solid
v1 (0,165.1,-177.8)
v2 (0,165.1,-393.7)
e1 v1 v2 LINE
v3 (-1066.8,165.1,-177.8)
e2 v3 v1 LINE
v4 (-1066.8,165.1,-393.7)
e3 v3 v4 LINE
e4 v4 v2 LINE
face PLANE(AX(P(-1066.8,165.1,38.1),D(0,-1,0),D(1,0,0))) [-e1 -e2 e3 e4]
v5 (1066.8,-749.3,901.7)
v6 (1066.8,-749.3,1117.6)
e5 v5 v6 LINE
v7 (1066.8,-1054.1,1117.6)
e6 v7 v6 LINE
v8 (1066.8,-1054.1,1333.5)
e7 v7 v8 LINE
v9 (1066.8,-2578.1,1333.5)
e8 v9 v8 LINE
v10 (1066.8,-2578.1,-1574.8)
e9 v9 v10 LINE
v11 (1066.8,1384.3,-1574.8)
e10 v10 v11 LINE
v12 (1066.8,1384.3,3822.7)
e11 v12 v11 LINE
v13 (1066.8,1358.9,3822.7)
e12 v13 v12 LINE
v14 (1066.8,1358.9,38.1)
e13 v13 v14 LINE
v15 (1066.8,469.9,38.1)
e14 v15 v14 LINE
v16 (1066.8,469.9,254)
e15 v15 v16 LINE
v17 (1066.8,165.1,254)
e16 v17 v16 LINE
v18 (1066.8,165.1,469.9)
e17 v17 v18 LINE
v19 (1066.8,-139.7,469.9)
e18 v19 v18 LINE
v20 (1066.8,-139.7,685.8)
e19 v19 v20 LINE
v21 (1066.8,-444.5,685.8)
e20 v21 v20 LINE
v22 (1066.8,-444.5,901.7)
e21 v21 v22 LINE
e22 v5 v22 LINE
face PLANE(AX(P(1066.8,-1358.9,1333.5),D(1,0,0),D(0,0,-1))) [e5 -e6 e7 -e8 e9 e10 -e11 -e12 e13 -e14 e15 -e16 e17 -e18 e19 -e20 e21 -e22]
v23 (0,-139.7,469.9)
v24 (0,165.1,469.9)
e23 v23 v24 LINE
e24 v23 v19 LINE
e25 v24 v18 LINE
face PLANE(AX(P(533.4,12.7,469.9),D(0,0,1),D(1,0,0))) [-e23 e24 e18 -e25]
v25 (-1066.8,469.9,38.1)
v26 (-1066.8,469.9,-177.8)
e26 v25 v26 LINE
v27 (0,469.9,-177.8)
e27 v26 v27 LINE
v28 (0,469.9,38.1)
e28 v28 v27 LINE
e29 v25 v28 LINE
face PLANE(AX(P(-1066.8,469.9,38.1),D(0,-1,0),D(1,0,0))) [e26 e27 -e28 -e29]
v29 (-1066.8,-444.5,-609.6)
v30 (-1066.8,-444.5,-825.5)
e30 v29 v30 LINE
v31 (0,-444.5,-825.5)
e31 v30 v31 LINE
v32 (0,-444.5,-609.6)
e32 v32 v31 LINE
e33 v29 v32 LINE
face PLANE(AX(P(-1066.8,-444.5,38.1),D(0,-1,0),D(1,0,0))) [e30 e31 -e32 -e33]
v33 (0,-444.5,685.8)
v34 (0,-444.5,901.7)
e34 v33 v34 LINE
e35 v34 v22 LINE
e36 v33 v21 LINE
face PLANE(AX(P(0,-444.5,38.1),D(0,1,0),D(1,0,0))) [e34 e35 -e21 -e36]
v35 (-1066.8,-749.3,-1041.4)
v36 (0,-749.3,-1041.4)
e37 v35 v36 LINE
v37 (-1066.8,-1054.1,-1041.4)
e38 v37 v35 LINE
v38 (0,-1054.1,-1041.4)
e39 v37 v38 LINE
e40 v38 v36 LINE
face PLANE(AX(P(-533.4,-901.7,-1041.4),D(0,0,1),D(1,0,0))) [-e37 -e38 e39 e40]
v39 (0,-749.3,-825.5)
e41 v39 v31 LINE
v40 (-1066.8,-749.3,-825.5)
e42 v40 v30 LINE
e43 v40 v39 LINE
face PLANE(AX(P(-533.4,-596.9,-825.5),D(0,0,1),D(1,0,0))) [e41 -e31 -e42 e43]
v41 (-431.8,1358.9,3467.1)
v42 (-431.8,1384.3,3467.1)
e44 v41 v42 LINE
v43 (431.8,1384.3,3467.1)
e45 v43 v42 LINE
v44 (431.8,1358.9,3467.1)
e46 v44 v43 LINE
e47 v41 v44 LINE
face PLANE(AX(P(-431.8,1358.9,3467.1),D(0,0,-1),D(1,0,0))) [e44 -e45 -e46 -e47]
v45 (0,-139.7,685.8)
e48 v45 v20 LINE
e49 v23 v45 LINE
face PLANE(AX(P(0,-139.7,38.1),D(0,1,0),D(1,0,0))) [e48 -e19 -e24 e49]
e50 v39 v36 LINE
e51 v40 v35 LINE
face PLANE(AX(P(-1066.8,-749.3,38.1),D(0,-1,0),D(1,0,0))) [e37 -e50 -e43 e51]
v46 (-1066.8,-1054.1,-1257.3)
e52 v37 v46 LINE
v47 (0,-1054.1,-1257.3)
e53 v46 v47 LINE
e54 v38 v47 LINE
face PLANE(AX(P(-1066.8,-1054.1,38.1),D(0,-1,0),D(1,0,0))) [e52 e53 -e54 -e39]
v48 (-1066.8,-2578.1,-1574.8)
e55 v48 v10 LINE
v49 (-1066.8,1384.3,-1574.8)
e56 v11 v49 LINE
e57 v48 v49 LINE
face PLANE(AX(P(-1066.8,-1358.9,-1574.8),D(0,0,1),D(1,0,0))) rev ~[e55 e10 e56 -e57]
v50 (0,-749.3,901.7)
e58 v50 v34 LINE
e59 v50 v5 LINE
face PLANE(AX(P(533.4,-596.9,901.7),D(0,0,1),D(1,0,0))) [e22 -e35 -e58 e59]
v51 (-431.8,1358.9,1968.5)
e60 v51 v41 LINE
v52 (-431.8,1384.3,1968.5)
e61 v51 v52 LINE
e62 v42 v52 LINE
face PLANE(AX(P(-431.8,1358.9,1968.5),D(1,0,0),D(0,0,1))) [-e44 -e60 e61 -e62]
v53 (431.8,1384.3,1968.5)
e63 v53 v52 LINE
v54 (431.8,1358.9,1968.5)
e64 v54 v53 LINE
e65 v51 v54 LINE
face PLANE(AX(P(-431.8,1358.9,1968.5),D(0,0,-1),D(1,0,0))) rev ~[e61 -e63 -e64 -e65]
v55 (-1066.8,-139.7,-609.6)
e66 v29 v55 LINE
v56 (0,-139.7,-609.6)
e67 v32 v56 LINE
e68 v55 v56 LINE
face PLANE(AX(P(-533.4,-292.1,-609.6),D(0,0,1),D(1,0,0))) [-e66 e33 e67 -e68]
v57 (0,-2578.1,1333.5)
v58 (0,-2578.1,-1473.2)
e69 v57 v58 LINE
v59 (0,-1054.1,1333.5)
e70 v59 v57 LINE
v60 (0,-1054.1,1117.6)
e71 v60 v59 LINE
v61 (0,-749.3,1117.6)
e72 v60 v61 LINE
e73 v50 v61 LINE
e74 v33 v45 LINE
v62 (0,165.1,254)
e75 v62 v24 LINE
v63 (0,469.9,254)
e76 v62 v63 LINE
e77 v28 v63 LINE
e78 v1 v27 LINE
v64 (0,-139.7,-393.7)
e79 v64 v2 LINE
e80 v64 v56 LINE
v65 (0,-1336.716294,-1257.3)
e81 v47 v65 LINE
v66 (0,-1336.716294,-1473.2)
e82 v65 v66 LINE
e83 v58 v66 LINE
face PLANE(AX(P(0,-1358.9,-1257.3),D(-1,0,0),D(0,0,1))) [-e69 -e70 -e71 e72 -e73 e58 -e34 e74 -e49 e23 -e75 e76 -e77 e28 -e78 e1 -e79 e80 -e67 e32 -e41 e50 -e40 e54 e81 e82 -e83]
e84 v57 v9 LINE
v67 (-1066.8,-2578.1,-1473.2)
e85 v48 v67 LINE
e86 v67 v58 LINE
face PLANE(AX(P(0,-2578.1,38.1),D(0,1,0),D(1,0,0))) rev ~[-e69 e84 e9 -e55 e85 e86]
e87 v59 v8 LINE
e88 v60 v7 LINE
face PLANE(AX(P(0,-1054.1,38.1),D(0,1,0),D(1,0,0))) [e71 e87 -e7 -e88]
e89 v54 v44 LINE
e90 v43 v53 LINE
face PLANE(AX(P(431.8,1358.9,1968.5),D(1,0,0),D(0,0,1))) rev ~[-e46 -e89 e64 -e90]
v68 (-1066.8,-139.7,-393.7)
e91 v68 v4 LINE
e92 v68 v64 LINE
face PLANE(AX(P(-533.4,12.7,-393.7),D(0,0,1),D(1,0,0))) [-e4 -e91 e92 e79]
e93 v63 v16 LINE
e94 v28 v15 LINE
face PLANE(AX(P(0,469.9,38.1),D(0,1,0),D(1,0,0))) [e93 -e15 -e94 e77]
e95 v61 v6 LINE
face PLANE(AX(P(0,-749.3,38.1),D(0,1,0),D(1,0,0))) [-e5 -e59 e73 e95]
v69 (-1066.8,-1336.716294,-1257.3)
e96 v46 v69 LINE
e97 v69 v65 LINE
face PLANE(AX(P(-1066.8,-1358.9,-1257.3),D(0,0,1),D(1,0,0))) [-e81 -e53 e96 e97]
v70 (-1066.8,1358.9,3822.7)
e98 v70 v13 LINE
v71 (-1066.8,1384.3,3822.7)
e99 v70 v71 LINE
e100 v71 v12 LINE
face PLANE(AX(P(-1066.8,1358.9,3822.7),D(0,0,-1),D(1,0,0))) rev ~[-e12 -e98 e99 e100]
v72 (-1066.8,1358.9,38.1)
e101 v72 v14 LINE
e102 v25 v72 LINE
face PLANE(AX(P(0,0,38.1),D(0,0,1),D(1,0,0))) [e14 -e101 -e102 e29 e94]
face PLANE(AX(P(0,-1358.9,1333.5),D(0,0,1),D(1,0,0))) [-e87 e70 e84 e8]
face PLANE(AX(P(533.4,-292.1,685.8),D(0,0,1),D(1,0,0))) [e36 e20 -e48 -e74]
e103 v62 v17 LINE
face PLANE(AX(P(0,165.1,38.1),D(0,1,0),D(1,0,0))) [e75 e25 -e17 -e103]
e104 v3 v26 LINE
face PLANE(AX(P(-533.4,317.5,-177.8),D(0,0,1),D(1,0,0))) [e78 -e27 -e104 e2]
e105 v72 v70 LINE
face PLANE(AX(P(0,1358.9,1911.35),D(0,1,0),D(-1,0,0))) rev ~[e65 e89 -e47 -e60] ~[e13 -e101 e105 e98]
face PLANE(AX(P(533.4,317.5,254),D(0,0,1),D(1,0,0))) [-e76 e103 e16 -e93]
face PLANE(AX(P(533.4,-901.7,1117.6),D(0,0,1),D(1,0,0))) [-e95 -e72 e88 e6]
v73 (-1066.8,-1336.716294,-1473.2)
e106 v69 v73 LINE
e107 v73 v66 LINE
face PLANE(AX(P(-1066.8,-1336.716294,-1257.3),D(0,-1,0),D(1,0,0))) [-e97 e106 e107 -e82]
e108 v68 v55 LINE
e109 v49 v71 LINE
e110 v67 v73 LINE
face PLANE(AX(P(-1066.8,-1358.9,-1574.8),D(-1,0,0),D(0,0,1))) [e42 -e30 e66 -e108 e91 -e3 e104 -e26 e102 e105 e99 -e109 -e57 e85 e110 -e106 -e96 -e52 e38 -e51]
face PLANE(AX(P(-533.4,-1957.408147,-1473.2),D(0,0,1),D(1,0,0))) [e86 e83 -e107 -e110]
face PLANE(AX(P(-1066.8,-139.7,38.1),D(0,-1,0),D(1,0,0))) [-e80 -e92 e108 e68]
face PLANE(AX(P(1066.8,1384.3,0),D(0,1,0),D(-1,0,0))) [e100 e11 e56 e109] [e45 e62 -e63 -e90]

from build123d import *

# Parameters (mm, degrees)
F0_W      = 2133.6
F0_H      = 2717.8
F1_DEPTH  = 38.1
F3_DEPTH  = 25.4
F4_W      = 863.6
F4_H      = 1498.6
F5_DEPTH  = 50.8
F7_DEPTH  = 1574.8
F6_W      = 1066.8
F6_H      = 304.8
F8_DEPTH  = 1295.4
F9_DEPTH  = 1079.5
F10_DEPTH = 863.6
F11_DEPTH = 647.7
F12_DEPTH = 431.8
F13_DEPTH = 215.9
F14_W     = 1066.8
F14_H     = 304.8
F15_DEPTH = 215.9
F16_DEPTH = 431.8
F17_DEPTH = 647.7
F18_DEPTH = 863.6
F19_DEPTH = 1079.5
F20_DEPTH = 1295.4
F21_DEPTH = 1219.2
F22_W     = 1066.8
F22_H     = 1241.3837057114
F23_DEPTH = 215.9


with BuildPart() as f1:
    # F0 (on Top) → F1 (new body)
    with BuildSketch(Plane.XY):
        Rectangle(F0_W, F0_H)
    extrude(amount=F1_DEPTH)

    # F2 (on face) → F3 (join)
    with BuildSketch(Plane(origin=(0, 1358.9, 0), x_dir=(-1, 0, 0), z_dir=(0, 1, 0))):
        Polygon((1066.8, 3822.7), (-1066.8, 3822.7), (-1066.8, 38.1), (-1066.8, 0), (1066.8, 0), (1066.8, 38.1), align=None)
    extrude(amount=F3_DEPTH)

    # F4 (on face) → F5 (cut)
    with BuildSketch(Plane.XZ.offset(-1358.9)):
        with Locations((0, 2717.8)):
            Rectangle(F4_W, F4_H)
    extrude(amount=-F5_DEPTH, mode=Mode.SUBTRACT)

    # F7 (add): a face of the model
    f7_faces = [f1.faces().sort_by_distance(p)[0] for p in [
        (0, 12.7, 0),
    ]]
    extrude(f7_faces, amount=F7_DEPTH)

    # F6 (on face) → F8 (cut)
    with BuildSketch(Plane.XY.offset(38.1)):
        with Locations((-533.4, -1206.5)):
            Rectangle(F6_W, F6_H)
    extrude(amount=-F8_DEPTH, mode=Mode.SUBTRACT)

    # F6 (on face) → F9 (cut)
    with BuildSketch(Plane.XY.offset(38.1)):
        with Locations((-533.4, -901.7)):
            Rectangle(F6_W, F6_H)
    extrude(amount=-F9_DEPTH, mode=Mode.SUBTRACT)

    # F6 (on face) → F10 (cut)
    with BuildSketch(Plane.XY.offset(38.1)):
        with Locations((-533.4, -596.9)):
            Rectangle(F6_W, F6_H)
    extrude(amount=-F10_DEPTH, mode=Mode.SUBTRACT)

    # F6 (on face) → F11 (cut)
    with BuildSketch(Plane.XY.offset(38.1)):
        with Locations((-533.4, -292.1)):
            Rectangle(F6_W, F6_H)
    extrude(amount=-F11_DEPTH, mode=Mode.SUBTRACT)

    # F6 (on face) → F12 (cut)
    with BuildSketch(Plane.XY.offset(38.1)):
        with Locations((-533.4, 12.7)):
            Rectangle(F6_W, F6_H)
    extrude(amount=-F12_DEPTH, mode=Mode.SUBTRACT)

    # F6 (on face) → F13 (cut)
    with BuildSketch(Plane.XY.offset(38.1)):
        with Locations((-533.4, 317.5)):
            Rectangle(F6_W, F6_H)
    extrude(amount=-F13_DEPTH, mode=Mode.SUBTRACT)

    # F14 (on face) → F15 (join)
    with BuildSketch(Plane.XY.offset(38.1)):
        with Locations((533.4, 317.5)):
            Rectangle(F14_W, F14_H)
    extrude(amount=F15_DEPTH)

    # F14 (on face) → F16 (join)
    with BuildSketch(Plane.XY.offset(38.1)):
        with Locations((533.4, 12.7)):
            Rectangle(F14_W, F14_H)
    extrude(amount=F16_DEPTH)

    # F14 (on face) → F17 (join)
    with BuildSketch(Plane.XY.offset(38.1)):
        with Locations((533.4, -292.1)):
            Rectangle(F14_W, F14_H)
    extrude(amount=F17_DEPTH)

    # F14 (on face) → F18 (join)
    with BuildSketch(Plane.XY.offset(38.1)):
        with Locations((533.4, -596.9)):
            Rectangle(F14_W, F14_H)
    extrude(amount=F18_DEPTH)

    # F14 (on face) → F19 (join)
    with BuildSketch(Plane.XY.offset(38.1)):
        with Locations((533.4, -901.7)):
            Rectangle(F14_W, F14_H)
    extrude(amount=F19_DEPTH)

    # F20 (add): a face of the model
    f20_faces = [f1.faces().sort_by_distance(p)[0] for p in [
        (533.4, -1206.5, 38.1),
    ]]
    extrude(f20_faces, amount=F20_DEPTH)

    # F21 (add): a face of the model
    f21_faces = [f1.faces().sort_by_distance(p)[0] for p in [
        (428.4, -1358.9, -248.15),
    ]]
    extrude(f21_faces, amount=F21_DEPTH)

    # F22 (on face) → F23 (cut)
    with BuildSketch(Plane.XY.offset(-1257.3)):
        with Locations((-533.4, -1957.4081471443)):
            Rectangle(F22_W, F22_H)
    extrude(amount=-F23_DEPTH, mode=Mode.SUBTRACT)


solid = f1.part
